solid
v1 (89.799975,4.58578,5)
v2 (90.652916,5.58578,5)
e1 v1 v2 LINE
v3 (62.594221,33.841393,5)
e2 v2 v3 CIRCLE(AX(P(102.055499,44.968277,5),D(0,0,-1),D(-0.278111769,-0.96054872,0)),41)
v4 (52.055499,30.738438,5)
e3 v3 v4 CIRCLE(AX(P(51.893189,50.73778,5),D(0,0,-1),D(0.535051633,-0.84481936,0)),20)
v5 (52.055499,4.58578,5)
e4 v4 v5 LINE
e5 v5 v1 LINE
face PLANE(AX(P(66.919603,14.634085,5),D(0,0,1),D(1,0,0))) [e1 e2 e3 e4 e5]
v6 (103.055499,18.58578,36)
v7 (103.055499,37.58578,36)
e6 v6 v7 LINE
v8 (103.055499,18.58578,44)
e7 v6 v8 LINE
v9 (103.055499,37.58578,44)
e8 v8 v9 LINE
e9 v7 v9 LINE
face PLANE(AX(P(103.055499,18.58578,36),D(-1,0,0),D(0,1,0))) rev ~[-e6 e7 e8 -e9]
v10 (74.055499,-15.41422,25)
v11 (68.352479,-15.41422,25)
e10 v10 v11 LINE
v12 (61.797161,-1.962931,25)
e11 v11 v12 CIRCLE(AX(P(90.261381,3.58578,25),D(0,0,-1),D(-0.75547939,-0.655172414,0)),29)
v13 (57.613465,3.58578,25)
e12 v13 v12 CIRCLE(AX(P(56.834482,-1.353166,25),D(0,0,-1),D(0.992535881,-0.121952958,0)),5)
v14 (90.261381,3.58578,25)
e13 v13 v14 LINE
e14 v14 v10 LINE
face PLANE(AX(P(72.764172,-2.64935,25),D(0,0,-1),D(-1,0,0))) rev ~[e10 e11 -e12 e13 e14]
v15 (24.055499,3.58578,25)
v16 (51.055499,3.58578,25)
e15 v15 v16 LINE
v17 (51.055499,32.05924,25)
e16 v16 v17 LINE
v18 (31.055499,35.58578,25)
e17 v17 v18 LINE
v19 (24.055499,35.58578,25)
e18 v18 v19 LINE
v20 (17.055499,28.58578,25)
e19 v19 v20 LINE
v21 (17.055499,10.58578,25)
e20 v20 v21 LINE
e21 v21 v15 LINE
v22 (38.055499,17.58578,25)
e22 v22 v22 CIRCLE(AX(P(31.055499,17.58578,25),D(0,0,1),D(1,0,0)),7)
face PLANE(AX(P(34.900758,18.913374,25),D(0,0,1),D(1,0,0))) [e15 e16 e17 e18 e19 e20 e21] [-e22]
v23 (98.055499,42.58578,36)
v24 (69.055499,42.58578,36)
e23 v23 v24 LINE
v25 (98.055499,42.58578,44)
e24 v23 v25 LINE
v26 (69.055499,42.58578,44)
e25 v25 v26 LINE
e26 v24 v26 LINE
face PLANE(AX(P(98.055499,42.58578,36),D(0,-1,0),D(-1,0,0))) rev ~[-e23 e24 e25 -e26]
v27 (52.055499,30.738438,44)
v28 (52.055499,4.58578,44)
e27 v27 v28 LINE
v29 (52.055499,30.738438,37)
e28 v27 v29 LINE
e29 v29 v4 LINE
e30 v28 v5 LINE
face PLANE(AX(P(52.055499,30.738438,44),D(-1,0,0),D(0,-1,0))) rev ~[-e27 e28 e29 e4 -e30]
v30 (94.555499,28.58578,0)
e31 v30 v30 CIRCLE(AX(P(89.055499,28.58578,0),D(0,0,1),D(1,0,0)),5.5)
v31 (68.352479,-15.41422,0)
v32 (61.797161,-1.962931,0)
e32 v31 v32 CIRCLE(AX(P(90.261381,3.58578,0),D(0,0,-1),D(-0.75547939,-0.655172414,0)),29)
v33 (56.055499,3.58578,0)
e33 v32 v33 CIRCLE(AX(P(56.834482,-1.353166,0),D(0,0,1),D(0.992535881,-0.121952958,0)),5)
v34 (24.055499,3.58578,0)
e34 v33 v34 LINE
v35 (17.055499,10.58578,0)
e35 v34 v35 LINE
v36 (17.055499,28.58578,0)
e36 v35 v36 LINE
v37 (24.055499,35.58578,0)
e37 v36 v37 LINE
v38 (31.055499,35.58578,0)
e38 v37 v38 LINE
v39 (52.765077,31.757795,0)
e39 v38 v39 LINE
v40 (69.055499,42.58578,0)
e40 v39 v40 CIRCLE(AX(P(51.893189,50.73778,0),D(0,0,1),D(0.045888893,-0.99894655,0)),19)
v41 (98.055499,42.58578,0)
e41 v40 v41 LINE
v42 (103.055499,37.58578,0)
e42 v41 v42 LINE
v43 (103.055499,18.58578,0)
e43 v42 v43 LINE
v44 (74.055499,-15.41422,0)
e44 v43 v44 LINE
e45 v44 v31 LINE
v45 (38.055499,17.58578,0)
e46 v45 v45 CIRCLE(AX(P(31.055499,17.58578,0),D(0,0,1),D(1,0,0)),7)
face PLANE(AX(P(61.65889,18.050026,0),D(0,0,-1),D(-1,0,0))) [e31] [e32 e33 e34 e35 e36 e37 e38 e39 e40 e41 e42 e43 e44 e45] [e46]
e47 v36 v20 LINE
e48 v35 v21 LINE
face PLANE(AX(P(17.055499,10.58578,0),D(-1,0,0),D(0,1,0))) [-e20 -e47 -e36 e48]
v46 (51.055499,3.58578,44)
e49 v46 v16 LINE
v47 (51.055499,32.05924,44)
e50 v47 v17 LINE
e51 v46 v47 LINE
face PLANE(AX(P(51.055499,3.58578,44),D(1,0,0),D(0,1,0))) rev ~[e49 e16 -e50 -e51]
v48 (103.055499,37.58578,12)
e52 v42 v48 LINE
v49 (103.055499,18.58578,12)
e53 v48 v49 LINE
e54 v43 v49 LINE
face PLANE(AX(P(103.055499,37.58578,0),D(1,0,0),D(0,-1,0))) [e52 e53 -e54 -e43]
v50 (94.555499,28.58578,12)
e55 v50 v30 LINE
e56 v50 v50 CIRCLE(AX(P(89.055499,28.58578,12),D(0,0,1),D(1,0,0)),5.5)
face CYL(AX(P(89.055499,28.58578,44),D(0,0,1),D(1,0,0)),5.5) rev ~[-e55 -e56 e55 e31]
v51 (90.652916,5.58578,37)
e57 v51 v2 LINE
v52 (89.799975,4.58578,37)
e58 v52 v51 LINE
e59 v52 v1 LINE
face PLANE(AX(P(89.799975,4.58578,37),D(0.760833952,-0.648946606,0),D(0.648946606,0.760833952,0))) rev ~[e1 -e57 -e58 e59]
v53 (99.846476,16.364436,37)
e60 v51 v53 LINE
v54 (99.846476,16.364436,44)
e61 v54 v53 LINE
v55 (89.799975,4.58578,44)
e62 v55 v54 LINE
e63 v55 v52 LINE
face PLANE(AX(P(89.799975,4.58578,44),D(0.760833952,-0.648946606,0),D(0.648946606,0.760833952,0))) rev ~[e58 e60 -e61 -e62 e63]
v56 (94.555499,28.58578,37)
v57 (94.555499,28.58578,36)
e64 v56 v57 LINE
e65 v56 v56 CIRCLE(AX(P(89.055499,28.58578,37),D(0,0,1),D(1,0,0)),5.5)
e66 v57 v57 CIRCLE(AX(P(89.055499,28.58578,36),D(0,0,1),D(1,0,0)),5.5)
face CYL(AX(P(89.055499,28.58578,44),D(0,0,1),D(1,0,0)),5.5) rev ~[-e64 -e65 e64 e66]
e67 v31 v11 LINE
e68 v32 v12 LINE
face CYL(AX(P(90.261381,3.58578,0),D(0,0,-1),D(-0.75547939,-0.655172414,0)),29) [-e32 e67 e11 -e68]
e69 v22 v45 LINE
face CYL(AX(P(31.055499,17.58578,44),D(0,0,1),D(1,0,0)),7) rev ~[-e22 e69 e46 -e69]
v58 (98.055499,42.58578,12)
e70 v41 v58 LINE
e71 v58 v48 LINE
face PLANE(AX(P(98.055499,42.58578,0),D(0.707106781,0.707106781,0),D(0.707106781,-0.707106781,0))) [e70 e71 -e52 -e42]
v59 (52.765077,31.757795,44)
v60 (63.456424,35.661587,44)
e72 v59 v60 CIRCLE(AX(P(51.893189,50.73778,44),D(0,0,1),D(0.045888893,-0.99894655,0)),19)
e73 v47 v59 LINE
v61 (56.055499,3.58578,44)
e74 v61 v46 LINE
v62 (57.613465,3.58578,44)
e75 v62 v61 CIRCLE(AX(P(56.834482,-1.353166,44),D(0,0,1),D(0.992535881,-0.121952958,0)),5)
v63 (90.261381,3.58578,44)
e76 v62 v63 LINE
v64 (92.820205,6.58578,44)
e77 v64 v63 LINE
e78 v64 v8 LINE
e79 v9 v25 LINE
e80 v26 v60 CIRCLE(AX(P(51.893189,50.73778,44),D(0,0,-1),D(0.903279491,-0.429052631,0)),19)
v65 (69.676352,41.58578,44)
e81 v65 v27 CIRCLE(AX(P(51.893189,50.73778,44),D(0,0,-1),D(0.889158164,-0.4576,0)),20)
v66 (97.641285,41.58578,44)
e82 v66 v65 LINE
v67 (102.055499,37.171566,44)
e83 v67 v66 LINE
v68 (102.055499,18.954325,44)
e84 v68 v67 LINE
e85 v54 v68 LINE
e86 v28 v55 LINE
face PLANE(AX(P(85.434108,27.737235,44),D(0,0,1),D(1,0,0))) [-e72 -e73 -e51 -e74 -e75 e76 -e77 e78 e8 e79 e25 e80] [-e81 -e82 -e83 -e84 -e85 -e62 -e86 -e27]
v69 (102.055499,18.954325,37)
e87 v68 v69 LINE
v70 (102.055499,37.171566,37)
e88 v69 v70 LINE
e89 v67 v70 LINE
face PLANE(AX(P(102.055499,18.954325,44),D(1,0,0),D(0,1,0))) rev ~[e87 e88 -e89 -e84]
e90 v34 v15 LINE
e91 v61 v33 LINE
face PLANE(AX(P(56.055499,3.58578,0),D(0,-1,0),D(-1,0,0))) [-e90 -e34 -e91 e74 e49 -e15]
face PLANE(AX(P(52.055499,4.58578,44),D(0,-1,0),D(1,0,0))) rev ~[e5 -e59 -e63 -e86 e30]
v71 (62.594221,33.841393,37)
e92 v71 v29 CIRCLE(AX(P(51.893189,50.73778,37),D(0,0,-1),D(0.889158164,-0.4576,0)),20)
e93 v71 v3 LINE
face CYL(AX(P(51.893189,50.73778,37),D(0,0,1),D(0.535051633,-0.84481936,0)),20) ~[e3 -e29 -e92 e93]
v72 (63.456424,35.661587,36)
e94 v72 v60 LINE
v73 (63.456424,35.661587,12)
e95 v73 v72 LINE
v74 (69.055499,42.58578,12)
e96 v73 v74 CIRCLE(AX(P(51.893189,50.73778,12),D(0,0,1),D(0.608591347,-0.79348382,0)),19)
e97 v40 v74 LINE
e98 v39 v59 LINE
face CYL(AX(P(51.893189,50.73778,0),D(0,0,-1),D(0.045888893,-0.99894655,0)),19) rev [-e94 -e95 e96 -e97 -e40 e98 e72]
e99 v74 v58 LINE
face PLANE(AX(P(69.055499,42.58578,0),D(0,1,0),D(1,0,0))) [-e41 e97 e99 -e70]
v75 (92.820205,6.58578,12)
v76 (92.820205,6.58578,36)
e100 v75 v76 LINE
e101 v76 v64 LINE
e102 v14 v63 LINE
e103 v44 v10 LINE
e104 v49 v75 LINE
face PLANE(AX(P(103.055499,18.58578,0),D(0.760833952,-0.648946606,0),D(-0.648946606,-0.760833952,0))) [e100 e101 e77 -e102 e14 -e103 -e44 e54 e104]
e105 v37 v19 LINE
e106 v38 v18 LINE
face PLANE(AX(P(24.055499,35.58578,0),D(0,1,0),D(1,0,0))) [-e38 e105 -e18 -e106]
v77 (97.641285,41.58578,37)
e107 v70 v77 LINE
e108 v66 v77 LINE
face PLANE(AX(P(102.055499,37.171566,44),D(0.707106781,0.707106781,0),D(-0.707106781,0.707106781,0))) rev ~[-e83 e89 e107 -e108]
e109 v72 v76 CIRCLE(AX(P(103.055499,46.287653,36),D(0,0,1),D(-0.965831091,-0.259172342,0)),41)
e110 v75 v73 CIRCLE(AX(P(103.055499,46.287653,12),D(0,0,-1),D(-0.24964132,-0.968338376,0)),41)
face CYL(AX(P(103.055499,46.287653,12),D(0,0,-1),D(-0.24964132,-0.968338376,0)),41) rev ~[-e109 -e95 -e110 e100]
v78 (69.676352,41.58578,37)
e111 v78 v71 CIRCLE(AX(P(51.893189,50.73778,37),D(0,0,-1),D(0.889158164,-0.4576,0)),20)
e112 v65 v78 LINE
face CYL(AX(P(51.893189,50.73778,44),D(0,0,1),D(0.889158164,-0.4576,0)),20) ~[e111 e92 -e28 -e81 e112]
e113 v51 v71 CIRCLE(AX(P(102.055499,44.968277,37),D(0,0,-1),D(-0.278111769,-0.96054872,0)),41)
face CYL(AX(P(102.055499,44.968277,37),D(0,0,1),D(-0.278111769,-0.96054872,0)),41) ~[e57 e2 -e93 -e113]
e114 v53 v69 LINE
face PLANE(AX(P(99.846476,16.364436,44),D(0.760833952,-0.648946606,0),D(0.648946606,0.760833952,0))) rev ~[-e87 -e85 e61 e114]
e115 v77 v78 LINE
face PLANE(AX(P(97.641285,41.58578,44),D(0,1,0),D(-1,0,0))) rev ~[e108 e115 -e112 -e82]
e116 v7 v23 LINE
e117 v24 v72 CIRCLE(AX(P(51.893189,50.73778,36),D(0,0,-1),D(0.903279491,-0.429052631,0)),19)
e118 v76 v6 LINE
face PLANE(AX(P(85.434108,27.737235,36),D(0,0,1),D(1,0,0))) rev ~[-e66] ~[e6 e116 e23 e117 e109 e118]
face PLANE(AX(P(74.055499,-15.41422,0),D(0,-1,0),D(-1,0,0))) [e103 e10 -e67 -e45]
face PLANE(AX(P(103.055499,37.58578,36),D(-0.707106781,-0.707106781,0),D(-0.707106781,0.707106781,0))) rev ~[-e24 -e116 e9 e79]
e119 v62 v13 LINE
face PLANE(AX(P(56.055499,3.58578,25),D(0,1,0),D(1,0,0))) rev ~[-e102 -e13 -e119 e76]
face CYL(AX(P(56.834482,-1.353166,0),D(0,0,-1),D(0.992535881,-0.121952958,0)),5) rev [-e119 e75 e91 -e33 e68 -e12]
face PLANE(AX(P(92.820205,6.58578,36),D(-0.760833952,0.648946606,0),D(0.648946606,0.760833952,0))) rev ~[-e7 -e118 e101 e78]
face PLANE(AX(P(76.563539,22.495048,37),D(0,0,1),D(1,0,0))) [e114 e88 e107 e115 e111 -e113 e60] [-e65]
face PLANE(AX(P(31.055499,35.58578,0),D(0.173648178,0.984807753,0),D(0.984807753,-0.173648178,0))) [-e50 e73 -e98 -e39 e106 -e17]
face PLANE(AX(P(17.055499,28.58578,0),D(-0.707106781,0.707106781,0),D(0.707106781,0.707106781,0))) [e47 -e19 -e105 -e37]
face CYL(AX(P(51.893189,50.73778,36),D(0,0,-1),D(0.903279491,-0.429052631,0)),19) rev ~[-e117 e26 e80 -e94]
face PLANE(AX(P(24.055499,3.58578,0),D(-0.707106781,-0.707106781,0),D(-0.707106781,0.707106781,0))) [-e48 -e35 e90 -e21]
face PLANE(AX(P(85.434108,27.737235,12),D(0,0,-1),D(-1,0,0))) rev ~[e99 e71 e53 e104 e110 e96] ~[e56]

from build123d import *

# Parameters (mm, degrees)
BOSS_EXTRU_1_DEPTH       = 44
ESQUISSE2_R              = 7
ENL_V_MAT_EXTRU_1_DEPTH  = 44
ENL_V_MAT_EXTRU_2_DEPTH  = 19
ESQUISSE4_R              = 5.5
ENL_V_MAT_EXTRU_3_DEPTH  = 50
ENL_V_START              = -19
ENL_V_MAT_EXTRU_5_DEPTH  = 19
ENL_V_START_2            = -32
ENL_V_MAT_EXTRU_8_DEPTH  = 32
BOSS_EXTRU_3_START       = -8
BOSS_EXTRU_3_DEPTH       = 8
ESQUISSE15_R             = 5.5
ENL_V_MAT_EXTRU_9_DEPTH  = 44
ENL_V_MAT_EXTRU_10_DEPTH = 7
ENL_V_MAT_EXTRU_11_DEPTH = 32


with BuildPart() as part:
    # Esquisse1 → Boss.-Extru.1 (new body)
    with BuildSketch(Plane.XY):
        with BuildLine():
            Line((69.055498862, 42.585779817), (98.055498862, 42.585779817))
            Line((98.055498862, 42.585779817), (103.055498862, 37.585779817))
            Line((103.055498862, 37.585779817), (103.055498862, 18.585779817))
            Line((103.055498862, 18.585779817), (74.055498862, -15.414220183))
            Line((74.055498862, -15.414220183), (68.352478915, -15.414220183))
            ThreePointArc((68.352478915, -15.414220183), (64.19229693, -9.118662105), (61.797161375, -1.962930743))
            ThreePointArc((61.797161375, -1.962930743), (60.309086392, 2.242265049), (56.055498862, 3.585779817))
            Line((56.055498862, 3.585779817), (24.055498862, 3.585779817))
            Line((24.055498862, 3.585779817), (17.055498862, 10.585779817))
            Line((17.055498862, 10.585779817), (17.055498862, 28.585779817))
            Line((17.055498862, 28.585779817), (24.055498862, 35.585779817))
            Line((24.055498862, 35.585779817), (31.055498862, 35.585779817))
            Line((31.055498862, 35.585779817), (52.765077496, 31.757795364))
            ThreePointArc((52.765077496, 31.757795364), (62.410764196, 34.914360395), (69.055498862, 42.585779817))
        make_face()
    extrude(amount=BOSS_EXTRU_1_DEPTH)

    # Esquisse2 → Enlèv. mat.-Extru.1 (cut)
    with BuildSketch(Plane.XY.offset(44)):
        with Locations((31.055498862, 17.585779817)):
            Circle(ESQUISSE2_R)
    extrude(amount=-ENL_V_MAT_EXTRU_1_DEPTH, mode=Mode.SUBTRACT)

    # Esquisse3 → Enlèv. mat.-Extru.2 (cut)
    with BuildSketch(Plane.XY.offset(44)):
        Polygon((17.055498862, 28.585779817), (17.055498862, 10.585779817), (24.055498862, 3.585779817), (51.055498862, 3.585779817), (51.055498862, 32.059240202), (31.055498862, 35.585779817), (24.055498862, 35.585779817), align=None)
    extrude(amount=-ENL_V_MAT_EXTRU_2_DEPTH, mode=Mode.SUBTRACT)

    # Esquisse4 → Enlèv. mat.-Extru.3 (cut)
    with BuildSketch(Plane.XY.offset(44)):
        with Locations((89.055498862, 28.585779817)):
            Circle(ESQUISSE4_R)
    extrude(amount=-ENL_V_MAT_EXTRU_3_DEPTH, mode=Mode.SUBTRACT)

    # Esquisse10 → Enlèv. mat.-Extru.5 (cut)
    with BuildSketch(Plane.XY.offset(44).offset(ENL_V_START)):
        with BuildLine():
            Line((56.055498862, 3.585779817), (90.261381215, 3.585779817))
            Line((90.261381215, 3.585779817), (74.055498862, -15.414220183))
            Line((74.055498862, -15.414220183), (68.352478915, -15.414220183))
            ThreePointArc((68.352478915, -15.414220183), (64.19229693, -9.118662105), (61.797161375, -1.962930743))
            ThreePointArc((61.797161375, -1.962930743), (60.047831429, 1.971925154), (56.055498862, 3.585779817))
        make_face()
    extrude(amount=ENL_V_MAT_EXTRU_5_DEPTH, mode=Mode.SUBTRACT)

    # Esquisse13 → Enlèv. mat.-Extru.8 (cut)
    with BuildSketch(Plane.XY.offset(44).offset(ENL_V_START_2)):
        with BuildLine():
            Line((69.055498862, 42.585779817), (98.055498862, 42.585779817))
            Line((98.055498862, 42.585779817), (103.055498862, 37.585779817))
            Line((103.055498862, 37.585779817), (103.055498862, 18.585779817))
            Line((103.055498862, 18.585779817), (92.820204745, 6.585779817))
            ThreePointArc((92.820204745, 6.585779817), (74.207332122, 17.1537679), (63.456424114, 35.661587231))
            ThreePointArc((63.456424114, 35.661587231), (66.667333439, 38.791037909), (69.055498862, 42.585779817))
        make_face()
    extrude(amount=ENL_V_MAT_EXTRU_8_DEPTH, mode=Mode.SUBTRACT)

    # Esquisse14 → Boss.-Extru.3 (add)
    with BuildSketch(Plane.XY.offset(44).offset(BOSS_EXTRU_3_START)):
        with BuildLine():
            Line((92.820204745, 6.585779817), (103.055498862, 18.585779817))
            Line((103.055498862, 18.585779817), (103.055498862, 37.585779817))
            Line((103.055498862, 37.585779817), (98.055498862, 42.585779817))
            Line((98.055498862, 42.585779817), (69.055498862, 42.585779817))
            ThreePointArc((69.055498862, 42.585779817), (66.667333439, 38.791037909), (63.456424114, 35.661587231))
            ThreePointArc((63.456424114, 35.661587231), (74.207332122, 17.1537679), (92.820204745, 6.585779817))
        make_face()
    extrude(amount=BOSS_EXTRU_3_DEPTH)

    # Esquisse15 → Enlèv. mat.-Extru.9 (cut)
    with BuildSketch(Plane.XY.offset(44)):
        with Locations((89.055498862, 28.585779817)):
            Circle(ESQUISSE15_R)
    extrude(amount=-ENL_V_MAT_EXTRU_9_DEPTH, mode=Mode.SUBTRACT)

    # Esquisse16 → Enlèv. mat.-Extru.10 (cut)
    with BuildSketch(Plane.XY.offset(44)):
        with BuildLine():
            Line((52.055498862, 30.738438438), (52.055498862, 5.694877453))
            Line((52.055498862, 5.694877453), (52.055498862, 4.585779817))
            Line((52.055498862, 4.585779817), (89.799975158, 4.585779817))
            Line((89.799975158, 4.585779817), (99.846475633, 16.364435546))
            Line((99.846475633, 16.364435546), (102.055498862, 18.954324849))
            Line((102.055498862, 18.954324849), (102.055498862, 19.210406558))
            Line((102.055498862, 19.210406558), (102.055498862, 37.171566254))
            Line((102.055498862, 37.171566254), (97.6412853, 41.585779817))
            Line((97.6412853, 41.585779817), (69.792651449, 41.585779817))
            Line((69.792651449, 41.585779817), (69.676351802, 41.585779817))
            ThreePointArc((69.676351802, 41.585779817), (62.377758595, 33.70622702), (52.055498862, 30.738438438))
        make_face()
    extrude(amount=-ENL_V_MAT_EXTRU_10_DEPTH, mode=Mode.SUBTRACT)

    # Esquisse17 → Enlèv. mat.-Extru.11 (cut)
    with BuildSketch(Plane.XY.offset(37)):
        with BuildLine():
            ThreePointArc((62.594221181, 33.84139262), (57.542094296, 31.552111629), (52.055498862, 30.738438438))
            Line((52.055498862, 30.738438438), (52.055498862, 4.585779817))
            Line((52.055498862, 4.585779817), (89.799975158, 4.585779817))
            Line((89.799975158, 4.585779817), (90.652916335, 5.585779817))
            ThreePointArc((90.652916335, 5.585779817), (72.962922789, 16.078451846), (62.594221181, 33.84139262))
        make_face()
    extrude(amount=-ENL_V_MAT_EXTRU_11_DEPTH, mode=Mode.SUBTRACT)


solid = part.part
